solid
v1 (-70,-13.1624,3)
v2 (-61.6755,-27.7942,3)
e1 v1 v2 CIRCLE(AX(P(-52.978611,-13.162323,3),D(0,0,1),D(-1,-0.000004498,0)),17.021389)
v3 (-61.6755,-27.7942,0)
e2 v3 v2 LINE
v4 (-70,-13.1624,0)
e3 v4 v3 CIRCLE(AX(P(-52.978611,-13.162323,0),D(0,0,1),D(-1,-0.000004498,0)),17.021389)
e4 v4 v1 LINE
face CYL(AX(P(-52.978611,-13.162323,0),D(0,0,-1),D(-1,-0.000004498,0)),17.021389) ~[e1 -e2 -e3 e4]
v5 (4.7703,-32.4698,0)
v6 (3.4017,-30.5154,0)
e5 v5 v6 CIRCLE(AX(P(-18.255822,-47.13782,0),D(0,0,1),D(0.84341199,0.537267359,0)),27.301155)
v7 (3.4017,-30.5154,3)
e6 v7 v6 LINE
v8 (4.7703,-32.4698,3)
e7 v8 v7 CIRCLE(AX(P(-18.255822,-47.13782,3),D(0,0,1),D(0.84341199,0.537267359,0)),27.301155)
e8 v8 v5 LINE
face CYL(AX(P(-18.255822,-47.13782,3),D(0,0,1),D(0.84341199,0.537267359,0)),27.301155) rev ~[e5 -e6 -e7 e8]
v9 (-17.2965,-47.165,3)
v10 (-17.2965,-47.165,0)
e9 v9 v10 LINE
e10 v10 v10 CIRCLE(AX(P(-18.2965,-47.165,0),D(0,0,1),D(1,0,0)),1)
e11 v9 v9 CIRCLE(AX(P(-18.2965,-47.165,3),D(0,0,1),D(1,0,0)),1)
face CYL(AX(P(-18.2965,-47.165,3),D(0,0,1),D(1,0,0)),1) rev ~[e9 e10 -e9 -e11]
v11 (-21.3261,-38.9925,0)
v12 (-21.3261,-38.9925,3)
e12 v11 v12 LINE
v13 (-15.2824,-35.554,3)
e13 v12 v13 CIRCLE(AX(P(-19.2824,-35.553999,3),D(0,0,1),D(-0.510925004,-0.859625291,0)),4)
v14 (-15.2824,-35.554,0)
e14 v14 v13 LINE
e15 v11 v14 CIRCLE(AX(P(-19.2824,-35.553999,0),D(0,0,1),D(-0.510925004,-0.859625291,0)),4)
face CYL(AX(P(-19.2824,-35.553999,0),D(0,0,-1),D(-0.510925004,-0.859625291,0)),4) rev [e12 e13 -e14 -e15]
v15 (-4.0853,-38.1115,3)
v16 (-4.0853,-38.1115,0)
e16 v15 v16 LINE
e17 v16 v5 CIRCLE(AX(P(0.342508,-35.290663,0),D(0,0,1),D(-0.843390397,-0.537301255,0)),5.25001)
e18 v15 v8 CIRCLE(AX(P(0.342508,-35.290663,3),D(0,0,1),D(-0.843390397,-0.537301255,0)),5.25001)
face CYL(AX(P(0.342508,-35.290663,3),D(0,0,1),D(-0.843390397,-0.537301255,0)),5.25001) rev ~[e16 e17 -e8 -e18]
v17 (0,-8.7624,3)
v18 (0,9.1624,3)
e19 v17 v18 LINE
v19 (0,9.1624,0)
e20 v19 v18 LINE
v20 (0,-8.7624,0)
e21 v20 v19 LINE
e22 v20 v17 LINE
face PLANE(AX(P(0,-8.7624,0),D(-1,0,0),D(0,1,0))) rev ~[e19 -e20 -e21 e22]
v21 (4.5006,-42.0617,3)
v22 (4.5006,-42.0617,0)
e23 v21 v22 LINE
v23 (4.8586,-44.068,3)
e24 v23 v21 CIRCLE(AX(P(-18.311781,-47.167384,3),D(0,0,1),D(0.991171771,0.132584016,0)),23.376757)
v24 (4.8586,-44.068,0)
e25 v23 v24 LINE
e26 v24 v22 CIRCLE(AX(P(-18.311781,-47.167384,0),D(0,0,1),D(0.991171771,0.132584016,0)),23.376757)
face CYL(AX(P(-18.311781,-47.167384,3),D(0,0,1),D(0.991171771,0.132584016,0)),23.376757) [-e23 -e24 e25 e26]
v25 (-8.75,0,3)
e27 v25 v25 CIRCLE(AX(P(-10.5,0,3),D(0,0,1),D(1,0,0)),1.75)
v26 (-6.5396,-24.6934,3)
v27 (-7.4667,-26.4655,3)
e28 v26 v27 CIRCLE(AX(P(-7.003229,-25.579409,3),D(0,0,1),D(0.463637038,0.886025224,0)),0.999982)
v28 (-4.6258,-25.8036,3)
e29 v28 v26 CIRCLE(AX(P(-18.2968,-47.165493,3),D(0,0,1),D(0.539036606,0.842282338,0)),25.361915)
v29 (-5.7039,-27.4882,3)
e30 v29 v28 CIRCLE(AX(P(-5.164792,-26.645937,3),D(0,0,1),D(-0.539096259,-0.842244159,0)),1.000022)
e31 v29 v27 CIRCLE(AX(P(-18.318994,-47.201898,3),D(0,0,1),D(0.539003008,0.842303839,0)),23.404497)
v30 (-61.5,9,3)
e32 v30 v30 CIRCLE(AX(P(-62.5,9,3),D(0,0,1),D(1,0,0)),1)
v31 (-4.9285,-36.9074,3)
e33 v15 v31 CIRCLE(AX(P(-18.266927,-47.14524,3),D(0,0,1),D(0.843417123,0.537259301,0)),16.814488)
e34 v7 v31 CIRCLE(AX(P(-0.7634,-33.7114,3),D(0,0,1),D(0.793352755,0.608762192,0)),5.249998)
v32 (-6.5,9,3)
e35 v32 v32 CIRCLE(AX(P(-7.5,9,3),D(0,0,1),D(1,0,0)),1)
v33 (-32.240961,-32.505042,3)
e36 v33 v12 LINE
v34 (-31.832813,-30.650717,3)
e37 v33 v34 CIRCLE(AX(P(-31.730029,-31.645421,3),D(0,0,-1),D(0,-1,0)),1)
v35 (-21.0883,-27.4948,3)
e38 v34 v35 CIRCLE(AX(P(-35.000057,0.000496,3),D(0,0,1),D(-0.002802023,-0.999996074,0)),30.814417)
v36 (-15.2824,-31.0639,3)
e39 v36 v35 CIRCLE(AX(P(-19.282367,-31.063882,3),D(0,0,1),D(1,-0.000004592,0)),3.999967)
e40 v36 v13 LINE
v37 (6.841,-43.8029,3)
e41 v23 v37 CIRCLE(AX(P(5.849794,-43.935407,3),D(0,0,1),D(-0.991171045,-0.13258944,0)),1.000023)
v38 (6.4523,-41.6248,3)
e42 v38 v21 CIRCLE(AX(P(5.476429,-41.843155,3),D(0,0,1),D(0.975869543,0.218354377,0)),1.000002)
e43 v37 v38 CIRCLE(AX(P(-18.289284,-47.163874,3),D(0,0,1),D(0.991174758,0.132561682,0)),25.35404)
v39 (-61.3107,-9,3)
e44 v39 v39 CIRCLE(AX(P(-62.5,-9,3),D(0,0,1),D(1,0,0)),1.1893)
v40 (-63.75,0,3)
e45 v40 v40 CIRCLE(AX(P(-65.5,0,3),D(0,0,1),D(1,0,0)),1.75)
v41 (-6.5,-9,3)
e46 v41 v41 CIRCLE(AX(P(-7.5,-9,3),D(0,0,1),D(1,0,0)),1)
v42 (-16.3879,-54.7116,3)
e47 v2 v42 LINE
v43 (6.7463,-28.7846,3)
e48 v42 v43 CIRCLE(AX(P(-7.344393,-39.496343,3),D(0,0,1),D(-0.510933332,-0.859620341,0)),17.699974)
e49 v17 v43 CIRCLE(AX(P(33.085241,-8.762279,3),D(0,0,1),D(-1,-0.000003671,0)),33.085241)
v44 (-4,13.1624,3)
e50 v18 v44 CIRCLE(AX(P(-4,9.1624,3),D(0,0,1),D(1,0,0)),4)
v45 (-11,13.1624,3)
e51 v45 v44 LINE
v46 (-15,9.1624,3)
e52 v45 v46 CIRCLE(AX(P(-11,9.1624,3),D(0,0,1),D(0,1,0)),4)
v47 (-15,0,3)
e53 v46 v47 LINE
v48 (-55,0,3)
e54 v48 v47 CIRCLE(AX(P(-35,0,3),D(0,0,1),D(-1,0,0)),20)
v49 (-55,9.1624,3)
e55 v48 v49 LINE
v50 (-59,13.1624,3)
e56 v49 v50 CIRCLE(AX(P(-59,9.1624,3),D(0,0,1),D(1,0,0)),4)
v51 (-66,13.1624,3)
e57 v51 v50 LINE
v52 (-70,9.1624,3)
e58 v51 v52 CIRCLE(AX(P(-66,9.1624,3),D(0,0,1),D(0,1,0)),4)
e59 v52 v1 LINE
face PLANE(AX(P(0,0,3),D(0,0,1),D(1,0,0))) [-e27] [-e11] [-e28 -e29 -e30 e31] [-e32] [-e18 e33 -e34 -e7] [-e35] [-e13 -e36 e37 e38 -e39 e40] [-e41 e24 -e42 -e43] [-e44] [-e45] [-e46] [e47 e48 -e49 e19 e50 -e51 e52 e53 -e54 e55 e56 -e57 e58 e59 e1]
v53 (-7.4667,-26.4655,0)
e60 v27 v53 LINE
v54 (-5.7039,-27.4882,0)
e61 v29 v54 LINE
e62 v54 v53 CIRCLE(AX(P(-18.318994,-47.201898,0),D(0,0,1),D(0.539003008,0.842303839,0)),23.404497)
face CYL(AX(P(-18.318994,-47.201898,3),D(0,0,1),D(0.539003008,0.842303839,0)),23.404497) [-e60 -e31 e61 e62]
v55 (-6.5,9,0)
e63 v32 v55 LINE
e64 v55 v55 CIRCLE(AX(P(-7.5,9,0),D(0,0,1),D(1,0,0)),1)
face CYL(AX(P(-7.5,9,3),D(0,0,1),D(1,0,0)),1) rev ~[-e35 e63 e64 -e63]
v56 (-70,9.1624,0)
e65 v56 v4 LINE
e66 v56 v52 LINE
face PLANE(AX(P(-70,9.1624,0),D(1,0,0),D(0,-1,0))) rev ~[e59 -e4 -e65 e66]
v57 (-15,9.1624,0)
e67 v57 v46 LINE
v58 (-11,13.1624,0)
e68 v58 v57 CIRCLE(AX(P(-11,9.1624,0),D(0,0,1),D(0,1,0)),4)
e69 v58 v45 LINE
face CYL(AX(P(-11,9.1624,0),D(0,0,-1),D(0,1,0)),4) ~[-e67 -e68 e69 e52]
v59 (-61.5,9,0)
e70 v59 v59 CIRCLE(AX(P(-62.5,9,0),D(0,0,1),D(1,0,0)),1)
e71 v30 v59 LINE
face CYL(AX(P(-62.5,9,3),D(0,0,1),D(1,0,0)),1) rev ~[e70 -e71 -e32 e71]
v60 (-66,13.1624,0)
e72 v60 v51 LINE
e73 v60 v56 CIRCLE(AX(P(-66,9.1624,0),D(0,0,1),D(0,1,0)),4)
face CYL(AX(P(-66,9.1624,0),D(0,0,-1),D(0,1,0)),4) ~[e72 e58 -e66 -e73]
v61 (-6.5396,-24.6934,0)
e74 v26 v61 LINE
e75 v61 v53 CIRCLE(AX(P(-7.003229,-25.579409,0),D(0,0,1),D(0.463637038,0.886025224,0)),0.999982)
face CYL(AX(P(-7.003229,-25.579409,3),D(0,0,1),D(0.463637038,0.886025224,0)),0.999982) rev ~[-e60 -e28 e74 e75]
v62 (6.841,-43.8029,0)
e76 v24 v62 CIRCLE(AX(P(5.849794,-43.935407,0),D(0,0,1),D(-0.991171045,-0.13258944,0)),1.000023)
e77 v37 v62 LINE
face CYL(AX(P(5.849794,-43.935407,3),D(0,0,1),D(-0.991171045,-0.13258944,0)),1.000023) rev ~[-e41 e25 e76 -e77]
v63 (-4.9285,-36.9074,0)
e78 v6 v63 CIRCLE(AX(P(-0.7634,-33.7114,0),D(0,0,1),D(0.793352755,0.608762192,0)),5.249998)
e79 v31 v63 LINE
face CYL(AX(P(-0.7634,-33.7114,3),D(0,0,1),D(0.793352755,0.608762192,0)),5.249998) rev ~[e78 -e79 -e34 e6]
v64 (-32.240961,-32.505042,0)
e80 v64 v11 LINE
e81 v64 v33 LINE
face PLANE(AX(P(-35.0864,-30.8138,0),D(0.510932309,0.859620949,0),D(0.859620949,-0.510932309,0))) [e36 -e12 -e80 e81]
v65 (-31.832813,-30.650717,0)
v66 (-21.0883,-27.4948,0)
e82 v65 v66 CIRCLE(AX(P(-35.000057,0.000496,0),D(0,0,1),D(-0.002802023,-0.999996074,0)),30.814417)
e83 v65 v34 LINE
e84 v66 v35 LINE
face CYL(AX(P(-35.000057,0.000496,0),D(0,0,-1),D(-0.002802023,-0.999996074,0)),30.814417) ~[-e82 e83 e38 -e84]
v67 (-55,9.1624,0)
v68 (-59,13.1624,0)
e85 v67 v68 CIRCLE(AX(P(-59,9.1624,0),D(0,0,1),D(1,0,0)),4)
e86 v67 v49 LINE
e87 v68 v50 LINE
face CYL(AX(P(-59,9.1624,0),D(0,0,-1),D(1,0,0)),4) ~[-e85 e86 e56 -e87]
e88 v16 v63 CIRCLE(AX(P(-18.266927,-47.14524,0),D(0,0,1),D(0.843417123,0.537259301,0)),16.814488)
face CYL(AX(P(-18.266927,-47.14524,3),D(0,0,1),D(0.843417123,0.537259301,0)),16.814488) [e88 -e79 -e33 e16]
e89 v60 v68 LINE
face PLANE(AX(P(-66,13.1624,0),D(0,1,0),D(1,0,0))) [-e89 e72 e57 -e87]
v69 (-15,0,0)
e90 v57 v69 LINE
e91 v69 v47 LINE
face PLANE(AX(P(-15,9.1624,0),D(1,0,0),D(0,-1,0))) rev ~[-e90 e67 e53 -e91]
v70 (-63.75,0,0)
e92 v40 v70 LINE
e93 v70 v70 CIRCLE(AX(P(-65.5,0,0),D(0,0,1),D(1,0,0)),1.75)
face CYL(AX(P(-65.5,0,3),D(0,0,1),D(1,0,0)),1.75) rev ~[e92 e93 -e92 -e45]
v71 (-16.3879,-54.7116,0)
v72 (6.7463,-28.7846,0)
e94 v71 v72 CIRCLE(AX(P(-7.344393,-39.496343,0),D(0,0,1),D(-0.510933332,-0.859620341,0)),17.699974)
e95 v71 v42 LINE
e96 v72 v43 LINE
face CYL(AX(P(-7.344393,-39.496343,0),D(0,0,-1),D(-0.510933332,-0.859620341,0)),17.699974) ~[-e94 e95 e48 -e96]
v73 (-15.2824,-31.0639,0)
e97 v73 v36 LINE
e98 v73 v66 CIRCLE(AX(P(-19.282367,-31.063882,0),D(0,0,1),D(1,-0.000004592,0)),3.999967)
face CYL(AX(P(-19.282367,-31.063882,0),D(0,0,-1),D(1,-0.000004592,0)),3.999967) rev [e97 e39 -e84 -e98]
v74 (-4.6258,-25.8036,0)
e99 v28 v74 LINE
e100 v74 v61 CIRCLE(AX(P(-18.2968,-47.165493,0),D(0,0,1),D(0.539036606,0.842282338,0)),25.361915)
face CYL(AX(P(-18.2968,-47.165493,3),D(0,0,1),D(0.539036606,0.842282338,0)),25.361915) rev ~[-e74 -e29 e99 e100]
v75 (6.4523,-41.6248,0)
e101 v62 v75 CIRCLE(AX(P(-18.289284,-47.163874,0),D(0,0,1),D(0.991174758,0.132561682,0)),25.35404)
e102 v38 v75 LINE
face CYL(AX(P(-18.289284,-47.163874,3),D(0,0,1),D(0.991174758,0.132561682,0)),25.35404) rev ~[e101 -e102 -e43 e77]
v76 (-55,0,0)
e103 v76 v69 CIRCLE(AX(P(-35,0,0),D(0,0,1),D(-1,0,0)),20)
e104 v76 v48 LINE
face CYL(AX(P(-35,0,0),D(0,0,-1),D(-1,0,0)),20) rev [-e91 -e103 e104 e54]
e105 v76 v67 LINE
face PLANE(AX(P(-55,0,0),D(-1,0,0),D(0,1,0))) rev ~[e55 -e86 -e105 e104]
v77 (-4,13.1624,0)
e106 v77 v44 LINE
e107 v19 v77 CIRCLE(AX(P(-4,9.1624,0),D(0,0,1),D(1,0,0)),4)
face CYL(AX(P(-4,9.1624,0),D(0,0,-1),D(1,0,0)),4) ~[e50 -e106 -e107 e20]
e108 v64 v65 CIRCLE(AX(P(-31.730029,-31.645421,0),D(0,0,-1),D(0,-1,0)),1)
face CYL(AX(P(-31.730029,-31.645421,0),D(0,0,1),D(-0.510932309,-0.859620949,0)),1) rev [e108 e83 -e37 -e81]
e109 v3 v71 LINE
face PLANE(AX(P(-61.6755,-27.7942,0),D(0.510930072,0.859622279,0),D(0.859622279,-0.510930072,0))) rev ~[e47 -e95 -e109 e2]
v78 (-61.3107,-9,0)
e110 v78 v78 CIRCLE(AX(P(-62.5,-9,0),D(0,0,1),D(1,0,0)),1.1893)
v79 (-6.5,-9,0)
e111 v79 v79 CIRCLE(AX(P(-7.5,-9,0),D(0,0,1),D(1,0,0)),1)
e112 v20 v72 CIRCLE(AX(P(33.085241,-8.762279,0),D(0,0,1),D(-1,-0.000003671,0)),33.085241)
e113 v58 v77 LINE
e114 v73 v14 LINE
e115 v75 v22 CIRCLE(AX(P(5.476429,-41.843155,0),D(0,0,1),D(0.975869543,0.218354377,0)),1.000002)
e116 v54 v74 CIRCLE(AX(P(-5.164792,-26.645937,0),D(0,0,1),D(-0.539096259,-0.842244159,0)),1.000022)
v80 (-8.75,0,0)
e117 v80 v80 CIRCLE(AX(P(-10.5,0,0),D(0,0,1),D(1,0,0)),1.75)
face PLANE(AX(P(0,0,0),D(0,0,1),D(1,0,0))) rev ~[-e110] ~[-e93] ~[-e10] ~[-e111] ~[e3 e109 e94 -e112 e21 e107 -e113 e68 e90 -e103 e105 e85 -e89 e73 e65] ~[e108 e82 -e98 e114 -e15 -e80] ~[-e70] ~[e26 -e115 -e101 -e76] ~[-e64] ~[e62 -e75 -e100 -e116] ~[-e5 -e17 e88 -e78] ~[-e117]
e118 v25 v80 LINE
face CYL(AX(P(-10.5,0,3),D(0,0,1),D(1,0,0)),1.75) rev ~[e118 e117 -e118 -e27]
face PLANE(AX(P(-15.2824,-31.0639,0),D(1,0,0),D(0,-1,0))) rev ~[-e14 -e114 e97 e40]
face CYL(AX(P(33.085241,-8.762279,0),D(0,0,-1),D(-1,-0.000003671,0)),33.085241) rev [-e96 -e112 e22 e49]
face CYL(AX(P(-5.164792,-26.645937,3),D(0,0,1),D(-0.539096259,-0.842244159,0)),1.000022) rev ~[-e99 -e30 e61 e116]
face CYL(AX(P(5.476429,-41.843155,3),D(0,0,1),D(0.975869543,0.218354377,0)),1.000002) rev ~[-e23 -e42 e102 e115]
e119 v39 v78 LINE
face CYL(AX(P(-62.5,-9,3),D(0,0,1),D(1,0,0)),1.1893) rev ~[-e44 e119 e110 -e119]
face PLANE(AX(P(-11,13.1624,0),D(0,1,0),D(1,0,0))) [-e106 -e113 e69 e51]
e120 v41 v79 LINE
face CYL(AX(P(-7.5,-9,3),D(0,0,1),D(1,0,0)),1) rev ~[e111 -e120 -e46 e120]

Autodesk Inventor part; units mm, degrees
ref_plane "YZ Plane" through (0, 0, 0) normal (1, 0, 0) x (0, 1, 0)
ref_plane "XZ Plane" through (0, 0, 0) normal (0, 1, 0) x (-1, 0, 0)
ref_plane "XY Plane" through (0, 0, 0) normal (0, 0, 1) x (1, 0, 0)
sketch "Sketch1" plane through (0, 0, 0) normal (0, 0, 1) x (1, 0, 0)
  circle A0 centre (-18.2965, -47.165) radius 1.2295 construction
  circle A1 centre (-6.0724, -26.0926) radius 1.2295 construction
  circle A2 centre (5.6859, -42.8853) radius 1.2295 construction
  circle A3 centre (-0.1932, -34.489) radius 6 construction
  circle A4 centre (-7.5, -9) radius 1.621 construction
  circle A5 centre (-10.5, 0) radius 2.067 construction
  circle A6 centre (-7.5, 9) radius 1.621 construction
  circle A7 centre (-35, 0) radius 4 construction
  circle A8 centre (-62.5, 9) radius 1.621 construction
  line L0 (-55, -16) -> (-55, 16) construction
  circle A9 centre (-65.5, 0) radius 2.067 construction
  circle A10 centre (-62.5, -9) radius 1.621 construction
  circle A11 centre (-65.5, 0) radius 2.067 construction
  circle A12 centre (-62.5, 9) radius 1.7295 construction
  circle A13 centre (-62.5, -9) radius 1.7295 construction
  line L1 (-70, 13.1624) -> (-55, 13.1624) construction
  line L2 (-70, -13.1624) -> (-70, 13.1624) construction
  line L3 (-55, -13.1624) -> (-70, -13.1624) construction
  line L4 (-55, 13.1624) -> (-55, -13.1624) construction
  circle A14 centre (-10.5, 0) radius 2.067 construction
  circle A15 centre (-7.5, -9) radius 1.621 construction
  circle A16 centre (-7.5, 9) radius 1.621 construction
  line L5 (-15, 13.1624) -> (0, 13.1624) construction
  line L6 (-15, -13.1624) -> (-15, 13.1624) construction
  line L7 (0, -13.1624) -> (-15, -13.1624) construction
  line L8 (0, 13.1624) -> (0, -13.1624) construction
  arc A17 (4.363, -44.1343) -> (4.0127, -42.1709) centre (-18.2965, -47.165) ccw
  arc A18 (7.3366, -43.7366) -> (6.9402, -41.5156) centre (-18.2965, -47.165) ccw
  arc A19 (-5.9734, -27.9093) -> (-7.6985, -26.9086) centre (-18.2965, -47.165) ccw
  arc A20 (-4.3563, -25.3825) -> (-6.3078, -24.2504) centre (-18.2965, -47.165) ccw
  arc A21 (-4.9287, -38.6488) -> (-5.7218, -37.5161) centre (-18.2965, -47.165) ccw
  arc A22 (5.6137, -31.9325) -> (4.1951, -29.9066) centre (-18.2965, -47.165) ccw
  arc A23 (-5.1648, -26.6459) -> (-7.0032, -25.5795) centre (-18.2965, -47.165) ccw construction
  arc A24 (0.3425, -35.2907) -> (-0.7634, -33.7114) centre (-18.2965, -47.165) ccw construction
  arc A25 (5.8498, -43.9354) -> (5.4764, -41.8432) centre (-18.2965, -47.165) ccw construction
  arc A26 (6.9402, -41.5156) -> (4.0127, -42.1709) centre (5.4764, -41.8432) ccw
  arc A27 (4.363, -44.1343) -> (7.3366, -43.7366) centre (5.8498, -43.9354) ccw
  arc A28 (-4.9287, -38.6488) -> (5.6137, -31.9325) centre (0.3425, -35.2907) ccw
  arc A29 (4.1951, -29.9066) -> (-5.7218, -37.5161) centre (-0.7634, -33.7114) ccw
  arc A30 (-5.9734, -27.9093) -> (-4.3563, -25.3825) centre (-5.1648, -26.6459) ccw
  arc A31 (-6.3078, -24.2504) -> (-7.6985, -26.9086) centre (-7.0032, -25.5795) ccw
  circle A32 centre (-18.2965, -47.165) radius 1.5
  circle A33 centre (-7.5, -9) radius 2
  circle A34 centre (-7.5, 9) radius 2
  circle A35 centre (-10.5, 0) radius 2.5
  circle A36 centre (-62.5, 9) radius 2
  circle A37 centre (-65.5, 0) radius 2.5
  circle A38 centre (-62.5, -9) radius 2
  circle A39 centre (-7.3444, -39.4963) radius 17.7 construction
  arc A40 (-16.3879, -54.7116) -> (6.7463, -28.7846) centre (-7.3444, -39.4963) ccw
  arc A41 (0, -8.7624) -> (6.7463, -28.7846) centre (33.0845, -8.7624) ccw
  line L9 (0, -8.7624) -> (0, 9.1624)
  line L10 (-11, 13.1624) -> (-4, 13.1624)
  line L11 (-15, 9.1624) -> (-15, 0)
  line L12 (-55, 0) -> (-55, 9.1624)
  line L13 (-66, 13.1624) -> (-59, 13.1624)
  line L14 (-70, 9.1624) -> (-70, -13.1624)
  arc A42 (-55, 0) -> (-15, 0) centre (-35, 0) ccw
  arc A43 (-66, 13.1624) -> (-70, 9.1624) centre (-66, 9.1624) ccw
  arc A44 (-55, 9.1624) -> (-59, 13.1624) centre (-59, 9.1624) ccw
  arc A45 (-11, 13.1624) -> (-15, 9.1624) centre (-11, 9.1624) ccw
  arc A46 (0, 9.1624) -> (-4, 13.1624) centre (-4, 9.1624) ccw
  line L15 (-61.6755, -27.7942) -> (-16.3879, -54.7116)
  arc A47 (-70, -13.1624) -> (-61.6755, -27.7942) centre (-52.9789, -13.1624) ccw
  arc A48 (-35.0864, -30.8138) -> (-21.0883, -27.4948) centre (-35, 0) ccw
  line L16 (-35.0864, -30.8138) -> (-21.3261, -38.9925)
  line L17 (-15.2824, -31.0639) -> (-15.2824, -35.554)
  arc A49 (-15.2824, -31.0639) -> (-21.0883, -27.4948) centre (-19.2824, -31.0639) ccw
  arc A50 (-21.3261, -38.9925) -> (-15.2824, -35.554) centre (-19.2824, -35.554) ccw
  point P0 (0, 0)
  point P1 (-15.2824, -23.6794)
  dimension "d0" = 3
  dimension "d1" = 5
  dimension "d2" = 5
  dimension "d3" = 5
  dimension "d4" = 12.5
  dimension "d5" = 3
  dimension "d6" = 4
  dimension "d7" = 4
  dimension "d8" = 5
  dimension "d9" = 4
  dimension "d10" = 5
  dimension "d11" = 4
  dimension "d12" = 4
  dimension "d15" = 4
extrude "Extrusion1" add sketch "Sketch1" along normal blind 3
sketch "Sketch2" plane through (0, 0, 3) normal (0, 0, 1) x (1, 0, 0)
  arc A0 (4.1951, -29.9066) -> (-5.7218, -37.5161) centre (-0.7634, -33.7114) ccw projected
  arc A1 (5.6137, -31.9325) -> (4.1951, -29.9066) centre (-18.2965, -47.165) ccw projected
  arc A2 (-4.9287, -38.6488) -> (5.6137, -31.9325) centre (0.3425, -35.2907) ccw projected
  arc A3 (-4.9287, -38.6488) -> (-5.7218, -37.5161) centre (-18.2965, -47.165) ccw projected
  arc A4 (-35.0864, -30.8138) -> (-21.0883, -27.4948) centre (-35, 0) ccw projected
  arc A5 (-15.2824, -31.0639) -> (-21.0883, -27.4948) centre (-19.2824, -31.0639) ccw projected
  line L0 (-15.2824, -31.0639) -> (-15.2824, -35.554) projected
  arc A6 (-21.3261, -38.9925) -> (-15.2824, -35.554) centre (-19.2824, -35.554) ccw projected
  line L1 (-21.3261, -38.9925) -> (-35.0864, -30.8138) projected
  circle A7 centre (-65.5, 0) radius 2.5 projected
  circle A8 centre (-10.5, 0) radius 2.5 projected
  arc A9 (-6.3078, -24.2504) -> (-7.6985, -26.9086) centre (-7.0032, -25.5795) ccw projected
  arc A10 (-4.3563, -25.3825) -> (-6.3078, -24.2504) centre (-18.2965, -47.165) ccw projected
  arc A11 (-5.9734, -27.9093) -> (-4.3563, -25.3825) centre (-5.1648, -26.6459) ccw projected
  arc A12 (-5.9734, -27.9093) -> (-7.6985, -26.9086) centre (-18.2965, -47.165) ccw projected
  arc A13 (6.9402, -41.5156) -> (4.0127, -42.1709) centre (5.4764, -41.8432) ccw projected
  arc A14 (7.3366, -43.7366) -> (6.9402, -41.5156) centre (-18.2965, -47.165) ccw projected
  arc A15 (4.363, -44.1343) -> (7.3366, -43.7366) centre (5.8498, -43.9354) ccw projected
  arc A16 (4.363, -44.1343) -> (4.0127, -42.1709) centre (-18.2965, -47.165) ccw projected
  circle A17 centre (-62.5, -9) radius 2 projected
  circle A18 centre (-62.5, 9) radius 2 projected
  circle A19 centre (-7.5, 9) radius 2 projected
  circle A20 centre (-7.5, -9) radius 2 projected
  circle A21 centre (-18.2965, -47.165) radius 1.5 projected
  line L2 (-70, 9.1624) -> (-70, -13.1624) projected
  arc A22 (-70, -13.1624) -> (-61.6755, -27.7942) centre (-52.9789, -13.1624) ccw projected
  line L3 (-61.6755, -27.7942) -> (-16.3879, -54.7116) projected
  arc A23 (-16.3879, -54.7116) -> (6.7463, -28.7846) centre (-7.3444, -39.4963) ccw projected
  arc A24 (0, -8.7624) -> (6.7463, -28.7846) centre (33.0845, -8.7624) ccw projected
  line L4 (0, -8.7624) -> (0, 9.1624) projected
  arc A25 (0, 9.1624) -> (-4, 13.1624) centre (-4, 9.1624) ccw projected
  line L5 (-4, 13.1624) -> (-11, 13.1624) projected
  arc A26 (-11, 13.1624) -> (-15, 9.1624) centre (-11, 9.1624) ccw projected
  line L6 (-15, 9.1624) -> (-15, 0) projected
  arc A27 (-55, 0) -> (-15, 0) centre (-35, 0) ccw projected
  line L7 (-55, 0) -> (-55, 9.1624) projected
  arc A28 (-55, 9.1624) -> (-59, 13.1624) centre (-59, 9.1624) ccw projected
  line L8 (-59, 13.1624) -> (-66, 13.1624) projected
  arc A29 (-66, 13.1624) -> (-70, 9.1624) centre (-66, 9.1624) ccw projected
  circle A30 centre (-62.5, 9) radius 1
  circle A31 centre (-65.5, 0) radius 1.75
  circle A32 centre (-62.5, -9) radius 2 projected
  circle A33 centre (-62.5, -9) radius 1.1893
  circle A34 centre (-62.5, 9) radius 2
  circle A35 centre (-65.5, 0) radius 2.5
  circle A36 centre (-18.2965, -47.165) radius 1
  circle A37 centre (-7.5, -9) radius 1
  circle A38 centre (-7.5, 9) radius 1
  circle A39 centre (-10.5, 0) radius 1.75
  arc A40 (3.4017, -30.5154) -> (-4.9285, -36.9074) centre (-0.7634, -33.7114) ccw
  arc A41 (4.7703, -32.4698) -> (3.4017, -30.5154) centre (-18.2965, -47.165) ccw
  arc A42 (-4.0853, -38.1115) -> (4.7703, -32.4698) centre (0.3425, -35.2907) ccw
  arc A43 (-4.0853, -38.1115) -> (-4.9285, -36.9074) centre (-18.2965, -47.165) ccw
  arc A44 (6.4523, -41.6248) -> (4.5006, -42.0617) centre (5.4764, -41.8432) ccw
  arc A45 (6.841, -43.8029) -> (6.4523, -41.6248) centre (-18.2965, -47.165) ccw
  arc A46 (4.8586, -44.068) -> (6.841, -43.8029) centre (5.8498, -43.9354) ccw
  arc A47 (4.8586, -44.068) -> (4.5006, -42.0617) centre (-18.2965, -47.165) ccw
  arc A48 (-4.6258, -25.8036) -> (-6.5396, -24.6934) centre (-18.2965, -47.165) ccw
  arc A49 (-6.5396, -24.6934) -> (-7.4667, -26.4655) centre (-7.0032, -25.5795) ccw
  arc A50 (-5.7039, -27.4882) -> (-7.4667, -26.4655) centre (-18.2965, -47.165) ccw
  arc A51 (-5.7039, -27.4882) -> (-4.6258, -25.8036) centre (-5.1648, -26.6459) ccw
  point P0 (0, 0)
  dimension "d16" = 3.5
  dimension "d17" = 2
  dimension "d20" = 2
  dimension "d21" = 2
  dimension "d22" = 2
  dimension "d23" = 3.5
  dimension "d25" = 1
  dimension "d26" = 0.5
  dimension "d27" = 0.5
extrude "Extrusion2" add sketch "Sketch2" against normal up to surface (3 mm away) contours A1 A2 A3 A0 | A7 | A8 | A10 A11 A12 A9 | A14 A15 A16 A13 | A17 | A18 | A19 | A20 | A21
fillet "Fillet1" radius 1 1 edges at (-35.0864, -30.8138, 1.5)
